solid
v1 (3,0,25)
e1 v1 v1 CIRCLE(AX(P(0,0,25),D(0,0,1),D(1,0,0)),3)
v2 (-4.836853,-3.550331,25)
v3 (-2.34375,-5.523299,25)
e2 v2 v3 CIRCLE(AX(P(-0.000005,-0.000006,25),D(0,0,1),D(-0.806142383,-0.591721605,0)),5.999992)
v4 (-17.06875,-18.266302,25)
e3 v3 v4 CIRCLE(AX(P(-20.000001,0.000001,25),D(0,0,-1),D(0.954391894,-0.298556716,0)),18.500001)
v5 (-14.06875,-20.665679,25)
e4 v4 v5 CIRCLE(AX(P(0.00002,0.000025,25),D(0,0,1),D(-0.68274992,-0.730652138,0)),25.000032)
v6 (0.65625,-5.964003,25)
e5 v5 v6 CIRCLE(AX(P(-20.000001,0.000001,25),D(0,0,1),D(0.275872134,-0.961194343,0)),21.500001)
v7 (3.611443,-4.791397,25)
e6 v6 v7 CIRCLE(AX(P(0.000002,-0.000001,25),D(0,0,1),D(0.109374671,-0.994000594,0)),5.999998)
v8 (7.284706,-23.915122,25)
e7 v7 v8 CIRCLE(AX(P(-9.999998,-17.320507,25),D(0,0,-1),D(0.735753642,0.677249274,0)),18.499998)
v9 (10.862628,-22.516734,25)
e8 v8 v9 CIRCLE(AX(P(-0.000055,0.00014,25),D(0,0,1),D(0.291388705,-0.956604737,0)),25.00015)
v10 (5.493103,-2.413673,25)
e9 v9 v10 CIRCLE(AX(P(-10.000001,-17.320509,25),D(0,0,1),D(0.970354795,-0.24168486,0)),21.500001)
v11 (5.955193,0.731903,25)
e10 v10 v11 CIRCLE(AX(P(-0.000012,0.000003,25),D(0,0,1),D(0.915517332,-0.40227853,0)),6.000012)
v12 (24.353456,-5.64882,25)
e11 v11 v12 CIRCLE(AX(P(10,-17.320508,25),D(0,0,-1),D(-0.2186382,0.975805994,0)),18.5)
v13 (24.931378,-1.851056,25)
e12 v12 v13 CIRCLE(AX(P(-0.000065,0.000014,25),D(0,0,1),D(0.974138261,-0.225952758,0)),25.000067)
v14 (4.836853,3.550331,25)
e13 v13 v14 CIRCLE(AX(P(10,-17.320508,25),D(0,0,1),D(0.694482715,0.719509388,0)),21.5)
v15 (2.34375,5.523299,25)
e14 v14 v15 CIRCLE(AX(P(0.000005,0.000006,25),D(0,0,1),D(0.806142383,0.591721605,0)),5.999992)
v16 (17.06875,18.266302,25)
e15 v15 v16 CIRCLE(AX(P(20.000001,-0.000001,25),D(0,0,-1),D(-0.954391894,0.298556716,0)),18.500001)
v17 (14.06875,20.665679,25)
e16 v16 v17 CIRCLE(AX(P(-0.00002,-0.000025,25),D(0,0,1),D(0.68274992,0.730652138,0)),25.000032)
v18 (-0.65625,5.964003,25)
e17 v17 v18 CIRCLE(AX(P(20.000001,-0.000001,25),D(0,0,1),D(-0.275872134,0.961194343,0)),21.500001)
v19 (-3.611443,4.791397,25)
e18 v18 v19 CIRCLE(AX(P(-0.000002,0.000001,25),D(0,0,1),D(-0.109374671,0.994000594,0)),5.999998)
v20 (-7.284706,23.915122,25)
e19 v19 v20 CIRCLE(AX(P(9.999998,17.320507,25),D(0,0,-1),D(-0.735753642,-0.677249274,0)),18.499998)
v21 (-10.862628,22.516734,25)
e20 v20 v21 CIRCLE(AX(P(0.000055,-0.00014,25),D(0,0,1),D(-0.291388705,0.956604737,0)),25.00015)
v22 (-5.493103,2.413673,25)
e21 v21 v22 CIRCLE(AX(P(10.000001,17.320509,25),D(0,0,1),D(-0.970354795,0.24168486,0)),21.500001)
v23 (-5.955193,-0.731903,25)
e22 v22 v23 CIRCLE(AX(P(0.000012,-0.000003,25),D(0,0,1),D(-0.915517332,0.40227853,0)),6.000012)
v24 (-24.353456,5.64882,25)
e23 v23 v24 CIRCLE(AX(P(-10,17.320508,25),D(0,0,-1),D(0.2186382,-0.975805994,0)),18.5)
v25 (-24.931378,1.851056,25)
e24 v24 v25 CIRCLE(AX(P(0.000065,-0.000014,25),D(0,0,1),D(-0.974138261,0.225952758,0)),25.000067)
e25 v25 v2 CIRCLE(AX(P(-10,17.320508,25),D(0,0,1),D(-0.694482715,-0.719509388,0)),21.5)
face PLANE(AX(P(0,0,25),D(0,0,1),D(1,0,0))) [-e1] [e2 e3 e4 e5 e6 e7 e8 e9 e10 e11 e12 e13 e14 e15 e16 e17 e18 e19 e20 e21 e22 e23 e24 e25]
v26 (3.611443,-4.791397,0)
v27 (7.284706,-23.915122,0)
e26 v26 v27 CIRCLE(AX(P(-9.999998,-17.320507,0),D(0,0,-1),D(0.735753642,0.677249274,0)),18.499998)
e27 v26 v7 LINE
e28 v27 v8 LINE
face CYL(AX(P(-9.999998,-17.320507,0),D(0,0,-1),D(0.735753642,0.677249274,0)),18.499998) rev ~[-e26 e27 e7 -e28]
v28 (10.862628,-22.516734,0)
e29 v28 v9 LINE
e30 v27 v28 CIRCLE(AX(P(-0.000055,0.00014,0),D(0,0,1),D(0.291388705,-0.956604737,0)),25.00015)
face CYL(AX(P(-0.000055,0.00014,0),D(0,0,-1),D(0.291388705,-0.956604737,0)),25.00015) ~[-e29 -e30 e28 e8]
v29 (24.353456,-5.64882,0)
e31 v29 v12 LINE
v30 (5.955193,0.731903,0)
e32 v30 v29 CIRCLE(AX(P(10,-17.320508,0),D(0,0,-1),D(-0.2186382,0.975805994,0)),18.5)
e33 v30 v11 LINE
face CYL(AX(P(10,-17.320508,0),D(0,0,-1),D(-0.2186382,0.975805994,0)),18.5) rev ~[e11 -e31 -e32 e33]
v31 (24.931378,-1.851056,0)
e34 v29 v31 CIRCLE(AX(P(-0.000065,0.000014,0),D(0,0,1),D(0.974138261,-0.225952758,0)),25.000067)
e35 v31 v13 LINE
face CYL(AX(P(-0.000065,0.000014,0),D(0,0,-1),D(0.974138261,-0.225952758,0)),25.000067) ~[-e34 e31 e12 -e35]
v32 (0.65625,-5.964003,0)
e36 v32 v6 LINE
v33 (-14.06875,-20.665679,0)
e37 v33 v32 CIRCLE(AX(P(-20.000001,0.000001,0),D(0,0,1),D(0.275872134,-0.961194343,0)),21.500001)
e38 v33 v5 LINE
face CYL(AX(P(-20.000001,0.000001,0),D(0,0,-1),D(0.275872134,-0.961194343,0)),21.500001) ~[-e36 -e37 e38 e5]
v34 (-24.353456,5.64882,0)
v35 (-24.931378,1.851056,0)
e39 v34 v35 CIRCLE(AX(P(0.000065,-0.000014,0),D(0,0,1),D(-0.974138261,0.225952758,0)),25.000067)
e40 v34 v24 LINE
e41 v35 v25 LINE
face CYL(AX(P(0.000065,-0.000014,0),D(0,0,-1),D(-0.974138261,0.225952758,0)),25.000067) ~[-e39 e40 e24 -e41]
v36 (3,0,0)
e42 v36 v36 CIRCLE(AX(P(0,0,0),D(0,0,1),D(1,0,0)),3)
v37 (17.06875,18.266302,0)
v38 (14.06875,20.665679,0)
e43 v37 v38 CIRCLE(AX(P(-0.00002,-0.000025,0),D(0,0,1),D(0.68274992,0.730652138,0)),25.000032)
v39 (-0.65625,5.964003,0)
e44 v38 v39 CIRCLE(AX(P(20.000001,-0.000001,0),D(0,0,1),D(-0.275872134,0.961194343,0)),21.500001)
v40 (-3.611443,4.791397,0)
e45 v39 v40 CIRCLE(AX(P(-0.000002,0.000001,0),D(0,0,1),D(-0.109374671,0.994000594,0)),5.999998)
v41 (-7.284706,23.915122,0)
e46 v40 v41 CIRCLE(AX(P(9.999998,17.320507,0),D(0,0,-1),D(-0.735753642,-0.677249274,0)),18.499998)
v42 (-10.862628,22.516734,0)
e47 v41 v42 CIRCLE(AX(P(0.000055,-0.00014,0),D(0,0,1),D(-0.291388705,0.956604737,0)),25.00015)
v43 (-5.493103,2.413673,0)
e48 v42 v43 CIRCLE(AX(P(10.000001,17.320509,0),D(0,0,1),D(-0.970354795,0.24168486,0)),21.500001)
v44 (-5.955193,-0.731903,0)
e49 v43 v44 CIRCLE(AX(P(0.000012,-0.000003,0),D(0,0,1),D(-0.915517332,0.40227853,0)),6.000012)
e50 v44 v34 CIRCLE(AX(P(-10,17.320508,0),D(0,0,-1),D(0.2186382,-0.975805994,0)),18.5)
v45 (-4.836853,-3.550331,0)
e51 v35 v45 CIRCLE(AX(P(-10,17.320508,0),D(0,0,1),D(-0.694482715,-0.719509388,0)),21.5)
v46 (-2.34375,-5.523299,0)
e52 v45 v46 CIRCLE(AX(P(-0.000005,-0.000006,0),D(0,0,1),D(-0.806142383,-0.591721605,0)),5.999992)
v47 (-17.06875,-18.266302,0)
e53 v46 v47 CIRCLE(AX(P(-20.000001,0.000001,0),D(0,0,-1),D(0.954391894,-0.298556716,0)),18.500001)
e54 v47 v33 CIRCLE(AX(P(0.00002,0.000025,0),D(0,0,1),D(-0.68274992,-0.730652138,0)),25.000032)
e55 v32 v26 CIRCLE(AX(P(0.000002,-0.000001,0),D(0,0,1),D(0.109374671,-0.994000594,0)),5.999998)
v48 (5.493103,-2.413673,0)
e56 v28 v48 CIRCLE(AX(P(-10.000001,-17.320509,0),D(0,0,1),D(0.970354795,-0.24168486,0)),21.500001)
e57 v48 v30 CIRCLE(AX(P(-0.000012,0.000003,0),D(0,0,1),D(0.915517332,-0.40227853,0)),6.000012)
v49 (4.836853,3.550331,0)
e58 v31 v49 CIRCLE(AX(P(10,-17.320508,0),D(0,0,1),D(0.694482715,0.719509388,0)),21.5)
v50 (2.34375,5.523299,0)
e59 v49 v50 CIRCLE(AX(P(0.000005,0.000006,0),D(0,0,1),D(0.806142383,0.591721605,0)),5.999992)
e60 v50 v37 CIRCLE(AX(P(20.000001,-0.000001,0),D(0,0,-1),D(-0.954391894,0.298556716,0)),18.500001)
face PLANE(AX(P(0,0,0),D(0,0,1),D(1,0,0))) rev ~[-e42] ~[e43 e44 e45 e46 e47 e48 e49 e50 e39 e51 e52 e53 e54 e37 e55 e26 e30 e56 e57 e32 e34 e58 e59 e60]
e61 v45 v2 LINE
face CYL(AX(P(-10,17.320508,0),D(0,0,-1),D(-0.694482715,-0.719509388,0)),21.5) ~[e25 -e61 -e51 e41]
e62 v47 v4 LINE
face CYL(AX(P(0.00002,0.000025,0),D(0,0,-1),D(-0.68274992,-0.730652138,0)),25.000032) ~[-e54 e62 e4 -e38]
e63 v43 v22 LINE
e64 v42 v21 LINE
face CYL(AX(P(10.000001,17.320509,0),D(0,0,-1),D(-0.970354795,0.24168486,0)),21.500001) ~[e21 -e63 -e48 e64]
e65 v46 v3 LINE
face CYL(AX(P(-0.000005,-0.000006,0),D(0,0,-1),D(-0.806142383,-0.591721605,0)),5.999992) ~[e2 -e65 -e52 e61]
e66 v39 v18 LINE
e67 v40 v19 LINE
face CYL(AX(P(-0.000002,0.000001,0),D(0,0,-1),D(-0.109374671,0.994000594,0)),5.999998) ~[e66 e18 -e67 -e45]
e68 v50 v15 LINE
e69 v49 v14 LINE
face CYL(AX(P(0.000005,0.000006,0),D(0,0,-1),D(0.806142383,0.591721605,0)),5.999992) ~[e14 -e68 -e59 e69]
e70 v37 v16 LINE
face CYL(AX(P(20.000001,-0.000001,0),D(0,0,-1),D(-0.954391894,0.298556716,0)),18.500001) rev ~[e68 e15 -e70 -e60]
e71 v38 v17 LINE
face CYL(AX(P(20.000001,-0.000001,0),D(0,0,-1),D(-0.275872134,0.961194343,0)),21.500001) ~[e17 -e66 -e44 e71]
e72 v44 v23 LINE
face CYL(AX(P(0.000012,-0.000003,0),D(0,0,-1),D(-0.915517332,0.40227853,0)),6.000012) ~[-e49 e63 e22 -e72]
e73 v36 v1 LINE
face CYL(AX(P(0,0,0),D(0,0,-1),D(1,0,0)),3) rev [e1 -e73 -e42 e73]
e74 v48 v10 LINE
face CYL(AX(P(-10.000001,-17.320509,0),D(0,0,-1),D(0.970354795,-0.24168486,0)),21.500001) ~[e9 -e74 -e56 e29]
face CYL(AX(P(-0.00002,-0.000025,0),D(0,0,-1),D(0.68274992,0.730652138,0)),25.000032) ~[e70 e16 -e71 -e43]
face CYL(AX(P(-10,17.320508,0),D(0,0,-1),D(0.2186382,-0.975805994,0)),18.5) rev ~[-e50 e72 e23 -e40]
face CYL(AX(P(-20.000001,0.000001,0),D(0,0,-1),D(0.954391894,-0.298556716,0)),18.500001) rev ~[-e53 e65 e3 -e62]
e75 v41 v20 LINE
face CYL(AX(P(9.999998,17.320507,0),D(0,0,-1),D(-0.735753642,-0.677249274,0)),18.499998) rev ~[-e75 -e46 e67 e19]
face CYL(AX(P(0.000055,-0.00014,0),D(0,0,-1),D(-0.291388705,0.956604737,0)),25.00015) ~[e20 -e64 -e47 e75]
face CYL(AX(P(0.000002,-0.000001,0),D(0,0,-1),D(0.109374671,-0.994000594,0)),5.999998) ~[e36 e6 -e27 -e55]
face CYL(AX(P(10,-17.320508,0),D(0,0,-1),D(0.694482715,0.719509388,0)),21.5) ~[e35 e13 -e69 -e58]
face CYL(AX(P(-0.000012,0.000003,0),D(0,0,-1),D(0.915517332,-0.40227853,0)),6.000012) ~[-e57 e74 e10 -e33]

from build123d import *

# Parameters (mm, degrees)
F0_R     = 3
F1_DEPTH = 25


with BuildPart() as f1:
    # F0 (on Top) → F1 (new body)
    with BuildSketch(Plane.XY):
        with BuildLine():
            ThreePointArc((2.34375, 5.523299), (7.893914, 13.98902), (17.06875, 18.266302))
            ThreePointArc((17.06875, 18.266302), (15.614904, 19.523698), (14.06875, 20.665679))
            ThreePointArc((14.06875, 20.665679), (4.809259, 15.214841), (-0.65625, 5.964003))
            ThreePointArc((-0.65625, 5.964003), (-2.212928, 5.577002), (-3.611443, 4.791397))
            ThreePointArc((-3.611443, 4.791397), (-8.16789, 13.83084), (-7.284706, 23.915122))
            ThreePointArc((-7.284706, 23.915122), (-9.100566, 23.284752), (-10.862628, 22.516734))
            ThreePointArc((-10.862628, 22.516734), (-10.771809, 11.772361), (-5.493103, 2.413673))
            ThreePointArc((-5.493103, 2.413673), (-5.936289, 0.872049), (-5.955193, -0.731903))
            ThreePointArc((-5.955193, -0.731903), (-16.061804, -0.15818), (-24.353456, 5.64882))
            ThreePointArc((-24.353456, 5.64882), (-24.71547, 3.761055), (-24.931378, 1.851056))
            ThreePointArc((-24.931378, 1.851056), (-15.581069, -3.44248), (-4.836853, -3.550331))
            ThreePointArc((-4.836853, -3.550331), (-3.723361, -4.704953), (-2.34375, -5.523299))
            ThreePointArc((-2.34375, -5.523299), (-7.893914, -13.98902), (-17.06875, -18.266302))
            ThreePointArc((-17.06875, -18.266302), (-15.614904, -19.523698), (-14.06875, -20.665679))
            ThreePointArc((-14.06875, -20.665679), (-4.809259, -15.214841), (0.65625, -5.964003))
            ThreePointArc((0.65625, -5.964003), (2.212928, -5.577002), (3.611443, -4.791397))
            ThreePointArc((3.611443, -4.791397), (8.16789, -13.83084), (7.284706, -23.915122))
            ThreePointArc((7.284706, -23.915122), (9.100566, -23.284752), (10.862628, -22.516734))
            ThreePointArc((10.862628, -22.516734), (10.771809, -11.772361), (5.493103, -2.413673))
            ThreePointArc((5.493103, -2.413673), (5.936289, -0.872049), (5.955193, 0.731903))
            ThreePointArc((5.955193, 0.731903), (16.061804, 0.15818), (24.353456, -5.64882))
            ThreePointArc((24.353456, -5.64882), (24.71547, -3.761055), (24.931378, -1.851056))
            ThreePointArc((24.931378, -1.851056), (15.581069, 3.44248), (4.836853, 3.550331))
            ThreePointArc((4.836853, 3.550331), (3.723361, 4.704953), (2.34375, 5.523299))
        make_face()
        Circle(F0_R, mode=Mode.SUBTRACT)
    extrude(amount=F1_DEPTH)


solid = f1.part
